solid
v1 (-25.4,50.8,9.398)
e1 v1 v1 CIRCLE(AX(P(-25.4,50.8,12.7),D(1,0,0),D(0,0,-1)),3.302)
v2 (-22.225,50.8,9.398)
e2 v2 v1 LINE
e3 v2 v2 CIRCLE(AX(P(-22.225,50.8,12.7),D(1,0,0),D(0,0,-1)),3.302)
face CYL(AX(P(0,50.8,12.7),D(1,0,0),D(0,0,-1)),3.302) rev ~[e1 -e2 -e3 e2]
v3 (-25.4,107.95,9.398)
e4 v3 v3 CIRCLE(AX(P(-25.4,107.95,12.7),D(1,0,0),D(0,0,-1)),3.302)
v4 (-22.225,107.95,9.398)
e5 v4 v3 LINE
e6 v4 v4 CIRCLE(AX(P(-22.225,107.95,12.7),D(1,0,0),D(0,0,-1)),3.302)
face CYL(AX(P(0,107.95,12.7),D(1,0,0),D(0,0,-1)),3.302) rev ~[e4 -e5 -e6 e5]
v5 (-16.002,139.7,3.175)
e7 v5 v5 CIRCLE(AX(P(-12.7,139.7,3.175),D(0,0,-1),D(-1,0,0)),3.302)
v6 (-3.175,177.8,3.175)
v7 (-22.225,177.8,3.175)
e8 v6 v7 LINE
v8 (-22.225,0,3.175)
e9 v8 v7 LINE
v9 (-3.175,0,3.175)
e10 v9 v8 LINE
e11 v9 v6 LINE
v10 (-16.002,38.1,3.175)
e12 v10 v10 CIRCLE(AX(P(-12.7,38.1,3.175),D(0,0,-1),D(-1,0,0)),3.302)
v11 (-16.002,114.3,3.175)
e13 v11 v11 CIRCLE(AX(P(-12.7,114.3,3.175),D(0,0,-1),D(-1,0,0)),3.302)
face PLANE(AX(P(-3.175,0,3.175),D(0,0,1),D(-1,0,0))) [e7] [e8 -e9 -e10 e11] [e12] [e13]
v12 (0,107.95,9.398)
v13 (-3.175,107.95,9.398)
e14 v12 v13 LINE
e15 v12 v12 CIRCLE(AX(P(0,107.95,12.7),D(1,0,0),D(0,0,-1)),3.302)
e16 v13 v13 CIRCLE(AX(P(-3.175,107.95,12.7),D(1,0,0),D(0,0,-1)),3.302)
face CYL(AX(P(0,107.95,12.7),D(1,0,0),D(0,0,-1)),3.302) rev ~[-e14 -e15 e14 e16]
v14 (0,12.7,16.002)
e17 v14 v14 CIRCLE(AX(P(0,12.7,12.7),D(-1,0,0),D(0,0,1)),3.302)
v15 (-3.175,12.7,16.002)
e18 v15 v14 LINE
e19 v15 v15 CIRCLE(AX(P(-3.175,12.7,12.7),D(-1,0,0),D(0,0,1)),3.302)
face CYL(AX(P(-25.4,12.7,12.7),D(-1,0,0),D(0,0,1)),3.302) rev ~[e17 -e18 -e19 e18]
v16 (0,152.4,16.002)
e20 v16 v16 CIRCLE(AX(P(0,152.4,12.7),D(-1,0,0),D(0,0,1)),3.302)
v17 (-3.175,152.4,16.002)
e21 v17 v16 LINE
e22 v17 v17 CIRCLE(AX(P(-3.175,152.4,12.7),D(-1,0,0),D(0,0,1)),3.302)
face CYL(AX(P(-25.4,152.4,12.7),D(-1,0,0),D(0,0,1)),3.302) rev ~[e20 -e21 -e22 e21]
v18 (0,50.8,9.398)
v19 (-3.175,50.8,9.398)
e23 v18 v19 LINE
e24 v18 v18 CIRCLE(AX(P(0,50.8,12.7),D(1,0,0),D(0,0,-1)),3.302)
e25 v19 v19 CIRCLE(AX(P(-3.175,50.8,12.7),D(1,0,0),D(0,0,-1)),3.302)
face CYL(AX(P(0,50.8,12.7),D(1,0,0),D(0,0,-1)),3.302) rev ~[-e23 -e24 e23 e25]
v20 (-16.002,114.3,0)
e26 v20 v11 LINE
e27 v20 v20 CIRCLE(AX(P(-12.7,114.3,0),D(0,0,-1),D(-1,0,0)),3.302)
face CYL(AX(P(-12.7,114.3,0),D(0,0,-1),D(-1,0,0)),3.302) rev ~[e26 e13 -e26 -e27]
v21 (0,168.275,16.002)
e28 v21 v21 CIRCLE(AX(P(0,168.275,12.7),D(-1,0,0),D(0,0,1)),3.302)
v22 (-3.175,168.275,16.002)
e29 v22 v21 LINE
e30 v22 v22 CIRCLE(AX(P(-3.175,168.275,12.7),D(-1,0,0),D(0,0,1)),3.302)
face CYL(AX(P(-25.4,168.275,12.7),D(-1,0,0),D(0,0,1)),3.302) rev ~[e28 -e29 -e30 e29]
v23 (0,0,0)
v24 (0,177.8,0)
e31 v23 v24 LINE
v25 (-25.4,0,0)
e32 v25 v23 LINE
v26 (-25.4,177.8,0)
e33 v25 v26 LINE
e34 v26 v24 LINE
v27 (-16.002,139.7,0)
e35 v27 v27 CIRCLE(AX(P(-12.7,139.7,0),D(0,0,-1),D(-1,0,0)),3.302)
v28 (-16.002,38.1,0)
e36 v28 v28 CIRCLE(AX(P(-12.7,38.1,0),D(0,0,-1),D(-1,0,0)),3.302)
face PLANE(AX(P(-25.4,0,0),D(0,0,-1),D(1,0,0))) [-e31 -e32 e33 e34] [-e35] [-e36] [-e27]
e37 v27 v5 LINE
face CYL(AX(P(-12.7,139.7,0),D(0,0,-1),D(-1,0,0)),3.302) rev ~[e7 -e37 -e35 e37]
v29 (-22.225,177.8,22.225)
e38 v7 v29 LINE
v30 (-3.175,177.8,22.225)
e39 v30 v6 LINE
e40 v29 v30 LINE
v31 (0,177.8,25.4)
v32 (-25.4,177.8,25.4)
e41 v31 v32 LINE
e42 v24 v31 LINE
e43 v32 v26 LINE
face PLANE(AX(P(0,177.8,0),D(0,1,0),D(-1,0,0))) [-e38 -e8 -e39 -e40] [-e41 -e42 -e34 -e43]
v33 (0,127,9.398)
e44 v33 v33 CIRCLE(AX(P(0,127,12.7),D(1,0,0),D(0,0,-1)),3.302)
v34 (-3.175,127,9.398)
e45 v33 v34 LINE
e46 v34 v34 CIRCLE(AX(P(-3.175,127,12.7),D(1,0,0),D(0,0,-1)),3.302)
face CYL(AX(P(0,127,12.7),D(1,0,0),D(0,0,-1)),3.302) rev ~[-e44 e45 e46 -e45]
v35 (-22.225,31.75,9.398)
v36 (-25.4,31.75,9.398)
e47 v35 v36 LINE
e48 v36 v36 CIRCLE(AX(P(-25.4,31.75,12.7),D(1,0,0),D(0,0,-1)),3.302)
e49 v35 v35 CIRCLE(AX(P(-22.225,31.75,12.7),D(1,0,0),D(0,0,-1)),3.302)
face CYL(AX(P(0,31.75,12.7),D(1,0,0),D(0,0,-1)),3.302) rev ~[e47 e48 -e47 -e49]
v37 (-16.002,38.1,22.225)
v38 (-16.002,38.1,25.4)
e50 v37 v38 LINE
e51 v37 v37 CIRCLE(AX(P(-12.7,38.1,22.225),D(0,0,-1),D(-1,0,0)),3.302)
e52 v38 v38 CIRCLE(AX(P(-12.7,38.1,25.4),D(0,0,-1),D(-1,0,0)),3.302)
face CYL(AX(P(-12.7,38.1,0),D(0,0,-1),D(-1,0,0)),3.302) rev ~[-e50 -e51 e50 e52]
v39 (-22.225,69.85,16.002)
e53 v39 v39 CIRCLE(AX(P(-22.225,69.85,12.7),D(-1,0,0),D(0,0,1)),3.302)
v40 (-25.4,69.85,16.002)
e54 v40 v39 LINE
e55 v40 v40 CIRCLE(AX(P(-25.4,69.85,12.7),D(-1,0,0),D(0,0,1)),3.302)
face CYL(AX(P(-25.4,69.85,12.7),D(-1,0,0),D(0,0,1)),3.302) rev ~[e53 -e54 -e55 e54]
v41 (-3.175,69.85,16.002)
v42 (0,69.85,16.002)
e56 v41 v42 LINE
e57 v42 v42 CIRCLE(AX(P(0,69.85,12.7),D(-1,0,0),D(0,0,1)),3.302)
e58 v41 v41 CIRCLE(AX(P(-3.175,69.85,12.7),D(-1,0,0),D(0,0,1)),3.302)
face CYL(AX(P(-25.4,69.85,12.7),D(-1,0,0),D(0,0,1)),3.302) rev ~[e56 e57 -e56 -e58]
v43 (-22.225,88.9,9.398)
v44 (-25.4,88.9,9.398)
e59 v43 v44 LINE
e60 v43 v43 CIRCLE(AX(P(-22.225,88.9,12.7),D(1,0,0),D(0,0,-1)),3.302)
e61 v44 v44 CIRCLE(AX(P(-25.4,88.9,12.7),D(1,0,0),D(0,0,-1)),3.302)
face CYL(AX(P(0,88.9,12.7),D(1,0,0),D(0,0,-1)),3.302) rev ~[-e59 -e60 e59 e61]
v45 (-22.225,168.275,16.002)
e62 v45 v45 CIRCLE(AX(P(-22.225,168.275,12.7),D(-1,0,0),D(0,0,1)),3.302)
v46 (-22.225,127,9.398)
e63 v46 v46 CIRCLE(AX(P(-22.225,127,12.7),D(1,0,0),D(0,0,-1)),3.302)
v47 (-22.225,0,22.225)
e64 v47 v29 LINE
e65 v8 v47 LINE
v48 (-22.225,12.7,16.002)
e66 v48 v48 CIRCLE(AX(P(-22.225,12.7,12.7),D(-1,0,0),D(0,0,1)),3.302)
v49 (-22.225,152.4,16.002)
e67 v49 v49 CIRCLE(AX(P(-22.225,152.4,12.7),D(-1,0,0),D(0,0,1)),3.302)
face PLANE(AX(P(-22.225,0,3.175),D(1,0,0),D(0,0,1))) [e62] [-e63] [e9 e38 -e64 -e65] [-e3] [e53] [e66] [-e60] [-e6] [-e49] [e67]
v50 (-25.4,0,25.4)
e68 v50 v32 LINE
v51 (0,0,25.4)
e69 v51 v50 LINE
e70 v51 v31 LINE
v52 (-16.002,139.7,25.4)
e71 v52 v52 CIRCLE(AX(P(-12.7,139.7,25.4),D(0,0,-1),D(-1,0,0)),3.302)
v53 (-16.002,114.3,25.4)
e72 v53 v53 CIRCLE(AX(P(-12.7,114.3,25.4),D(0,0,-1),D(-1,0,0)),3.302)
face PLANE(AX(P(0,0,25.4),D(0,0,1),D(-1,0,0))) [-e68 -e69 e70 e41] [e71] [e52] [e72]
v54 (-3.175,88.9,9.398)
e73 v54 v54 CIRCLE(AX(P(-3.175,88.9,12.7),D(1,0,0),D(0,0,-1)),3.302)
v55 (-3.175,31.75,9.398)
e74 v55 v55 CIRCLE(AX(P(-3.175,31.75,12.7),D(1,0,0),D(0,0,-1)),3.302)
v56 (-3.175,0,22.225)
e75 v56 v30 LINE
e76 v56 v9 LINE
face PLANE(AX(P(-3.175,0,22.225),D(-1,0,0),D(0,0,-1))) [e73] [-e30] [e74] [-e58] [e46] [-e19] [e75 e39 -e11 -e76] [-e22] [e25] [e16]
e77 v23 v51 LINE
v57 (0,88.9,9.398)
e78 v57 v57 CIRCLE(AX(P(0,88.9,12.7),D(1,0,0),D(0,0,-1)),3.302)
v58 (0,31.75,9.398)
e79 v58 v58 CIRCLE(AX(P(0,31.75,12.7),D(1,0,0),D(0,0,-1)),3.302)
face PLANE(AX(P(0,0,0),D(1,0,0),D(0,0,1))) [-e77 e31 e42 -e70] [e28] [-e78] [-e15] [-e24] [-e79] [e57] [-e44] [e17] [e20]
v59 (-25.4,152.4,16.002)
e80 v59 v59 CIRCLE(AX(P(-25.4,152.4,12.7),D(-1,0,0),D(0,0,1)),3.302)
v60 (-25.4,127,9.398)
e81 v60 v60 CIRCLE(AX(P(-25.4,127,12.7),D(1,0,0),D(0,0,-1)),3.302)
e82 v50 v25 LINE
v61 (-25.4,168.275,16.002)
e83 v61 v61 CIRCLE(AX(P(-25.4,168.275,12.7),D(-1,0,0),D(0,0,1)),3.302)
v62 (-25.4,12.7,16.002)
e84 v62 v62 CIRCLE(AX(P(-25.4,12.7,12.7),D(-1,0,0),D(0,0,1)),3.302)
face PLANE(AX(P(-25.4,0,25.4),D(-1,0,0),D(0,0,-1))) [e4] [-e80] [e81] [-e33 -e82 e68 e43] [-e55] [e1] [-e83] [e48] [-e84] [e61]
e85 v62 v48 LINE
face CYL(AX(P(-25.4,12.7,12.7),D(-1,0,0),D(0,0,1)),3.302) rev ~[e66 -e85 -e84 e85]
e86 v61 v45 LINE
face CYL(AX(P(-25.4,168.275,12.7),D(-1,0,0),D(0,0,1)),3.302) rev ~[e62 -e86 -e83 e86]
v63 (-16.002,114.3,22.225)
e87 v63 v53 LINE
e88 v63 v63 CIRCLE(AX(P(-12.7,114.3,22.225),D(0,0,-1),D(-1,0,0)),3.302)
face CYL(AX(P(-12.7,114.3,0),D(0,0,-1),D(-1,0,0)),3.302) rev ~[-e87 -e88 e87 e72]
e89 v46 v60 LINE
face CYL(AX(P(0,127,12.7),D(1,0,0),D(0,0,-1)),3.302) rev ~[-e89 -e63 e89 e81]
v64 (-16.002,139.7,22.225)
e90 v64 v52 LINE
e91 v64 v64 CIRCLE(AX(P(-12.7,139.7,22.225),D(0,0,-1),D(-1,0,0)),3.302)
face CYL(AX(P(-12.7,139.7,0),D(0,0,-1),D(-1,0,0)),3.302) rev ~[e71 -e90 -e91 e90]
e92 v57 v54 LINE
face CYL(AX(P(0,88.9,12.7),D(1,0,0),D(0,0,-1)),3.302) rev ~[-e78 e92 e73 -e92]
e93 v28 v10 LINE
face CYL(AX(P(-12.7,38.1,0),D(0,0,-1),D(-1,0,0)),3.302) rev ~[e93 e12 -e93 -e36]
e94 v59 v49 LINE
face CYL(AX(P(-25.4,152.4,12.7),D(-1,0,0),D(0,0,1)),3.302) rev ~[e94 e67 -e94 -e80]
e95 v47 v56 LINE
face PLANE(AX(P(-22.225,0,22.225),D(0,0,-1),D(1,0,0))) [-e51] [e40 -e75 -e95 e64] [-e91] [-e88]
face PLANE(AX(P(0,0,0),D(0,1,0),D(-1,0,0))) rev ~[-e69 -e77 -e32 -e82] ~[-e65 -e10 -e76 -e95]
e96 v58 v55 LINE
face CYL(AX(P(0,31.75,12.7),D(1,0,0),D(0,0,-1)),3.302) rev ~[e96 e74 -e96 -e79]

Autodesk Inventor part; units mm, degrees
ref_plane "YZ Plane" through (0, 0, 0) normal (1, 0, 0) x (0, 1, 0)
ref_plane "XZ Plane" through (0, 0, 0) normal (0, 1, 0) x (-1, 0, 0)
ref_plane "XY Plane" through (0, 0, 0) normal (0, 0, 1) x (1, 0, 0)
sketch "Sketch1" plane through (0, 0, 0) normal (0, 1, 0) x (-1, 0, 0)
  line L0 (0, 25.4) -> (25.4, 25.4)
  line L1 (25.4, 25.4) -> (25.4, 0)
  line L2 (25.4, 0) -> (0, 0)
  line L3 (0, 0) -> (0, 25.4)
  line L4 (22.225, 22.225) -> (3.175, 22.225)
  line L5 (3.175, 22.225) -> (3.175, 3.175)
  line L6 (3.175, 3.175) -> (22.225, 3.175)
  line L7 (22.225, 3.175) -> (22.225, 22.225)
  dimension "d0" = 25.4
  dimension "d1" = 25.4
  dimension "d2" = 3.175
extrude "Extrusion1" add sketch "Sketch1" along normal blind 177.8
sketch "Sketch2" plane through (-25.4, 0, 0) normal (-1, 0, 0) x (0, 0, 1)
  line L0 (25.4, 0) -> (0, 0) projected
  line L1 (0, 177.8) -> (25.4, 177.8) projected
  line L2 (12.7, 0) -> (12.7, 177.8) construction
  circle A0 centre (12.7, 12.7) radius 3.302
  circle A1 centre (12.7, 69.85) radius 3.302
  circle A2 centre (12.7, 25.4) radius 3.302
  circle A3 centre (12.7, 168.275) radius 3.302 projected
  circle A4 centre (12.7, 152.4) radius 3.302 projected
  dimension "d16" = 6.604
  dimension "d17" = 6.604
  dimension "d18" = 107.95
  dimension "d19" = 6.604
  dimension "d20" = 12.7
  dimension "d21" = 12.7
extrude "Extrusion2" cut sketch "Sketch2" against normal blind 25.4 contours A0 | A1 | A3 | A4
sketch "Sketch3" plane through (0, 0, 25.4) normal (1, 0, 0) x (0, 0, -1)
  circle A0 centre (12.7, 152.4) radius 3.302 projected
  line L0 (25.4, 0) -> (0, 0) projected
  line L1 (0, 177.8) -> (25.4, 177.8) projected
  line L2 (12.7, 177.8) -> (12.7, 0) construction
  circle A1 centre (12.7, 127) radius 3.302
  circle A2 centre (12.7, 107.95) radius 3.302
  circle A3 centre (12.7, 88.9) radius 3.302
  circle A4 centre (12.7, 69.85) radius 3.302 construction
  circle A5 centre (12.7, 50.8) radius 3.302
  circle A6 centre (12.7, 31.75) radius 3.302
  dimension "d22" = 6.604
  dimension "d23" = 25.4
  dimension "d26" = 19.05
extrude "Extrusion3" cut sketch "Sketch3" against normal blind 25.4 contours A1 | A2 | A3 | A5 | A6
sketch "Sketch4" plane through (0, 0, 0) normal (0, 0, -1) x (-1, 0, 0)
  line L0 (25.4, 0) -> (0, 0) projected
  line L1 (0, 177.8) -> (25.4, 177.8) projected
  line L2 (12.7, 177.8) -> (12.7, 0) construction
  circle A0 centre (12.7, 38.1) radius 3.302
  circle A1 centre (12.7, 63.5) radius 3.302
  circle A2 centre (12.7, 88.9) radius 3.302
  circle A3 centre (12.7, 114.3) radius 3.302
  circle A4 centre (12.7, 139.7) radius 3.302
  dimension "d33" = 6.604
  dimension "d35" = 38.1
  dimension "d38" = 25.4
extrude "Extrusion4" cut sketch "Sketch4" against normal blind 25.4 contours A0 | A3 | A4
equation "\"d19\" = d16"
equation "\"d21\" = d20"
properties part number "Chassis V1.500 Part3" material "Aluminum 6061"
